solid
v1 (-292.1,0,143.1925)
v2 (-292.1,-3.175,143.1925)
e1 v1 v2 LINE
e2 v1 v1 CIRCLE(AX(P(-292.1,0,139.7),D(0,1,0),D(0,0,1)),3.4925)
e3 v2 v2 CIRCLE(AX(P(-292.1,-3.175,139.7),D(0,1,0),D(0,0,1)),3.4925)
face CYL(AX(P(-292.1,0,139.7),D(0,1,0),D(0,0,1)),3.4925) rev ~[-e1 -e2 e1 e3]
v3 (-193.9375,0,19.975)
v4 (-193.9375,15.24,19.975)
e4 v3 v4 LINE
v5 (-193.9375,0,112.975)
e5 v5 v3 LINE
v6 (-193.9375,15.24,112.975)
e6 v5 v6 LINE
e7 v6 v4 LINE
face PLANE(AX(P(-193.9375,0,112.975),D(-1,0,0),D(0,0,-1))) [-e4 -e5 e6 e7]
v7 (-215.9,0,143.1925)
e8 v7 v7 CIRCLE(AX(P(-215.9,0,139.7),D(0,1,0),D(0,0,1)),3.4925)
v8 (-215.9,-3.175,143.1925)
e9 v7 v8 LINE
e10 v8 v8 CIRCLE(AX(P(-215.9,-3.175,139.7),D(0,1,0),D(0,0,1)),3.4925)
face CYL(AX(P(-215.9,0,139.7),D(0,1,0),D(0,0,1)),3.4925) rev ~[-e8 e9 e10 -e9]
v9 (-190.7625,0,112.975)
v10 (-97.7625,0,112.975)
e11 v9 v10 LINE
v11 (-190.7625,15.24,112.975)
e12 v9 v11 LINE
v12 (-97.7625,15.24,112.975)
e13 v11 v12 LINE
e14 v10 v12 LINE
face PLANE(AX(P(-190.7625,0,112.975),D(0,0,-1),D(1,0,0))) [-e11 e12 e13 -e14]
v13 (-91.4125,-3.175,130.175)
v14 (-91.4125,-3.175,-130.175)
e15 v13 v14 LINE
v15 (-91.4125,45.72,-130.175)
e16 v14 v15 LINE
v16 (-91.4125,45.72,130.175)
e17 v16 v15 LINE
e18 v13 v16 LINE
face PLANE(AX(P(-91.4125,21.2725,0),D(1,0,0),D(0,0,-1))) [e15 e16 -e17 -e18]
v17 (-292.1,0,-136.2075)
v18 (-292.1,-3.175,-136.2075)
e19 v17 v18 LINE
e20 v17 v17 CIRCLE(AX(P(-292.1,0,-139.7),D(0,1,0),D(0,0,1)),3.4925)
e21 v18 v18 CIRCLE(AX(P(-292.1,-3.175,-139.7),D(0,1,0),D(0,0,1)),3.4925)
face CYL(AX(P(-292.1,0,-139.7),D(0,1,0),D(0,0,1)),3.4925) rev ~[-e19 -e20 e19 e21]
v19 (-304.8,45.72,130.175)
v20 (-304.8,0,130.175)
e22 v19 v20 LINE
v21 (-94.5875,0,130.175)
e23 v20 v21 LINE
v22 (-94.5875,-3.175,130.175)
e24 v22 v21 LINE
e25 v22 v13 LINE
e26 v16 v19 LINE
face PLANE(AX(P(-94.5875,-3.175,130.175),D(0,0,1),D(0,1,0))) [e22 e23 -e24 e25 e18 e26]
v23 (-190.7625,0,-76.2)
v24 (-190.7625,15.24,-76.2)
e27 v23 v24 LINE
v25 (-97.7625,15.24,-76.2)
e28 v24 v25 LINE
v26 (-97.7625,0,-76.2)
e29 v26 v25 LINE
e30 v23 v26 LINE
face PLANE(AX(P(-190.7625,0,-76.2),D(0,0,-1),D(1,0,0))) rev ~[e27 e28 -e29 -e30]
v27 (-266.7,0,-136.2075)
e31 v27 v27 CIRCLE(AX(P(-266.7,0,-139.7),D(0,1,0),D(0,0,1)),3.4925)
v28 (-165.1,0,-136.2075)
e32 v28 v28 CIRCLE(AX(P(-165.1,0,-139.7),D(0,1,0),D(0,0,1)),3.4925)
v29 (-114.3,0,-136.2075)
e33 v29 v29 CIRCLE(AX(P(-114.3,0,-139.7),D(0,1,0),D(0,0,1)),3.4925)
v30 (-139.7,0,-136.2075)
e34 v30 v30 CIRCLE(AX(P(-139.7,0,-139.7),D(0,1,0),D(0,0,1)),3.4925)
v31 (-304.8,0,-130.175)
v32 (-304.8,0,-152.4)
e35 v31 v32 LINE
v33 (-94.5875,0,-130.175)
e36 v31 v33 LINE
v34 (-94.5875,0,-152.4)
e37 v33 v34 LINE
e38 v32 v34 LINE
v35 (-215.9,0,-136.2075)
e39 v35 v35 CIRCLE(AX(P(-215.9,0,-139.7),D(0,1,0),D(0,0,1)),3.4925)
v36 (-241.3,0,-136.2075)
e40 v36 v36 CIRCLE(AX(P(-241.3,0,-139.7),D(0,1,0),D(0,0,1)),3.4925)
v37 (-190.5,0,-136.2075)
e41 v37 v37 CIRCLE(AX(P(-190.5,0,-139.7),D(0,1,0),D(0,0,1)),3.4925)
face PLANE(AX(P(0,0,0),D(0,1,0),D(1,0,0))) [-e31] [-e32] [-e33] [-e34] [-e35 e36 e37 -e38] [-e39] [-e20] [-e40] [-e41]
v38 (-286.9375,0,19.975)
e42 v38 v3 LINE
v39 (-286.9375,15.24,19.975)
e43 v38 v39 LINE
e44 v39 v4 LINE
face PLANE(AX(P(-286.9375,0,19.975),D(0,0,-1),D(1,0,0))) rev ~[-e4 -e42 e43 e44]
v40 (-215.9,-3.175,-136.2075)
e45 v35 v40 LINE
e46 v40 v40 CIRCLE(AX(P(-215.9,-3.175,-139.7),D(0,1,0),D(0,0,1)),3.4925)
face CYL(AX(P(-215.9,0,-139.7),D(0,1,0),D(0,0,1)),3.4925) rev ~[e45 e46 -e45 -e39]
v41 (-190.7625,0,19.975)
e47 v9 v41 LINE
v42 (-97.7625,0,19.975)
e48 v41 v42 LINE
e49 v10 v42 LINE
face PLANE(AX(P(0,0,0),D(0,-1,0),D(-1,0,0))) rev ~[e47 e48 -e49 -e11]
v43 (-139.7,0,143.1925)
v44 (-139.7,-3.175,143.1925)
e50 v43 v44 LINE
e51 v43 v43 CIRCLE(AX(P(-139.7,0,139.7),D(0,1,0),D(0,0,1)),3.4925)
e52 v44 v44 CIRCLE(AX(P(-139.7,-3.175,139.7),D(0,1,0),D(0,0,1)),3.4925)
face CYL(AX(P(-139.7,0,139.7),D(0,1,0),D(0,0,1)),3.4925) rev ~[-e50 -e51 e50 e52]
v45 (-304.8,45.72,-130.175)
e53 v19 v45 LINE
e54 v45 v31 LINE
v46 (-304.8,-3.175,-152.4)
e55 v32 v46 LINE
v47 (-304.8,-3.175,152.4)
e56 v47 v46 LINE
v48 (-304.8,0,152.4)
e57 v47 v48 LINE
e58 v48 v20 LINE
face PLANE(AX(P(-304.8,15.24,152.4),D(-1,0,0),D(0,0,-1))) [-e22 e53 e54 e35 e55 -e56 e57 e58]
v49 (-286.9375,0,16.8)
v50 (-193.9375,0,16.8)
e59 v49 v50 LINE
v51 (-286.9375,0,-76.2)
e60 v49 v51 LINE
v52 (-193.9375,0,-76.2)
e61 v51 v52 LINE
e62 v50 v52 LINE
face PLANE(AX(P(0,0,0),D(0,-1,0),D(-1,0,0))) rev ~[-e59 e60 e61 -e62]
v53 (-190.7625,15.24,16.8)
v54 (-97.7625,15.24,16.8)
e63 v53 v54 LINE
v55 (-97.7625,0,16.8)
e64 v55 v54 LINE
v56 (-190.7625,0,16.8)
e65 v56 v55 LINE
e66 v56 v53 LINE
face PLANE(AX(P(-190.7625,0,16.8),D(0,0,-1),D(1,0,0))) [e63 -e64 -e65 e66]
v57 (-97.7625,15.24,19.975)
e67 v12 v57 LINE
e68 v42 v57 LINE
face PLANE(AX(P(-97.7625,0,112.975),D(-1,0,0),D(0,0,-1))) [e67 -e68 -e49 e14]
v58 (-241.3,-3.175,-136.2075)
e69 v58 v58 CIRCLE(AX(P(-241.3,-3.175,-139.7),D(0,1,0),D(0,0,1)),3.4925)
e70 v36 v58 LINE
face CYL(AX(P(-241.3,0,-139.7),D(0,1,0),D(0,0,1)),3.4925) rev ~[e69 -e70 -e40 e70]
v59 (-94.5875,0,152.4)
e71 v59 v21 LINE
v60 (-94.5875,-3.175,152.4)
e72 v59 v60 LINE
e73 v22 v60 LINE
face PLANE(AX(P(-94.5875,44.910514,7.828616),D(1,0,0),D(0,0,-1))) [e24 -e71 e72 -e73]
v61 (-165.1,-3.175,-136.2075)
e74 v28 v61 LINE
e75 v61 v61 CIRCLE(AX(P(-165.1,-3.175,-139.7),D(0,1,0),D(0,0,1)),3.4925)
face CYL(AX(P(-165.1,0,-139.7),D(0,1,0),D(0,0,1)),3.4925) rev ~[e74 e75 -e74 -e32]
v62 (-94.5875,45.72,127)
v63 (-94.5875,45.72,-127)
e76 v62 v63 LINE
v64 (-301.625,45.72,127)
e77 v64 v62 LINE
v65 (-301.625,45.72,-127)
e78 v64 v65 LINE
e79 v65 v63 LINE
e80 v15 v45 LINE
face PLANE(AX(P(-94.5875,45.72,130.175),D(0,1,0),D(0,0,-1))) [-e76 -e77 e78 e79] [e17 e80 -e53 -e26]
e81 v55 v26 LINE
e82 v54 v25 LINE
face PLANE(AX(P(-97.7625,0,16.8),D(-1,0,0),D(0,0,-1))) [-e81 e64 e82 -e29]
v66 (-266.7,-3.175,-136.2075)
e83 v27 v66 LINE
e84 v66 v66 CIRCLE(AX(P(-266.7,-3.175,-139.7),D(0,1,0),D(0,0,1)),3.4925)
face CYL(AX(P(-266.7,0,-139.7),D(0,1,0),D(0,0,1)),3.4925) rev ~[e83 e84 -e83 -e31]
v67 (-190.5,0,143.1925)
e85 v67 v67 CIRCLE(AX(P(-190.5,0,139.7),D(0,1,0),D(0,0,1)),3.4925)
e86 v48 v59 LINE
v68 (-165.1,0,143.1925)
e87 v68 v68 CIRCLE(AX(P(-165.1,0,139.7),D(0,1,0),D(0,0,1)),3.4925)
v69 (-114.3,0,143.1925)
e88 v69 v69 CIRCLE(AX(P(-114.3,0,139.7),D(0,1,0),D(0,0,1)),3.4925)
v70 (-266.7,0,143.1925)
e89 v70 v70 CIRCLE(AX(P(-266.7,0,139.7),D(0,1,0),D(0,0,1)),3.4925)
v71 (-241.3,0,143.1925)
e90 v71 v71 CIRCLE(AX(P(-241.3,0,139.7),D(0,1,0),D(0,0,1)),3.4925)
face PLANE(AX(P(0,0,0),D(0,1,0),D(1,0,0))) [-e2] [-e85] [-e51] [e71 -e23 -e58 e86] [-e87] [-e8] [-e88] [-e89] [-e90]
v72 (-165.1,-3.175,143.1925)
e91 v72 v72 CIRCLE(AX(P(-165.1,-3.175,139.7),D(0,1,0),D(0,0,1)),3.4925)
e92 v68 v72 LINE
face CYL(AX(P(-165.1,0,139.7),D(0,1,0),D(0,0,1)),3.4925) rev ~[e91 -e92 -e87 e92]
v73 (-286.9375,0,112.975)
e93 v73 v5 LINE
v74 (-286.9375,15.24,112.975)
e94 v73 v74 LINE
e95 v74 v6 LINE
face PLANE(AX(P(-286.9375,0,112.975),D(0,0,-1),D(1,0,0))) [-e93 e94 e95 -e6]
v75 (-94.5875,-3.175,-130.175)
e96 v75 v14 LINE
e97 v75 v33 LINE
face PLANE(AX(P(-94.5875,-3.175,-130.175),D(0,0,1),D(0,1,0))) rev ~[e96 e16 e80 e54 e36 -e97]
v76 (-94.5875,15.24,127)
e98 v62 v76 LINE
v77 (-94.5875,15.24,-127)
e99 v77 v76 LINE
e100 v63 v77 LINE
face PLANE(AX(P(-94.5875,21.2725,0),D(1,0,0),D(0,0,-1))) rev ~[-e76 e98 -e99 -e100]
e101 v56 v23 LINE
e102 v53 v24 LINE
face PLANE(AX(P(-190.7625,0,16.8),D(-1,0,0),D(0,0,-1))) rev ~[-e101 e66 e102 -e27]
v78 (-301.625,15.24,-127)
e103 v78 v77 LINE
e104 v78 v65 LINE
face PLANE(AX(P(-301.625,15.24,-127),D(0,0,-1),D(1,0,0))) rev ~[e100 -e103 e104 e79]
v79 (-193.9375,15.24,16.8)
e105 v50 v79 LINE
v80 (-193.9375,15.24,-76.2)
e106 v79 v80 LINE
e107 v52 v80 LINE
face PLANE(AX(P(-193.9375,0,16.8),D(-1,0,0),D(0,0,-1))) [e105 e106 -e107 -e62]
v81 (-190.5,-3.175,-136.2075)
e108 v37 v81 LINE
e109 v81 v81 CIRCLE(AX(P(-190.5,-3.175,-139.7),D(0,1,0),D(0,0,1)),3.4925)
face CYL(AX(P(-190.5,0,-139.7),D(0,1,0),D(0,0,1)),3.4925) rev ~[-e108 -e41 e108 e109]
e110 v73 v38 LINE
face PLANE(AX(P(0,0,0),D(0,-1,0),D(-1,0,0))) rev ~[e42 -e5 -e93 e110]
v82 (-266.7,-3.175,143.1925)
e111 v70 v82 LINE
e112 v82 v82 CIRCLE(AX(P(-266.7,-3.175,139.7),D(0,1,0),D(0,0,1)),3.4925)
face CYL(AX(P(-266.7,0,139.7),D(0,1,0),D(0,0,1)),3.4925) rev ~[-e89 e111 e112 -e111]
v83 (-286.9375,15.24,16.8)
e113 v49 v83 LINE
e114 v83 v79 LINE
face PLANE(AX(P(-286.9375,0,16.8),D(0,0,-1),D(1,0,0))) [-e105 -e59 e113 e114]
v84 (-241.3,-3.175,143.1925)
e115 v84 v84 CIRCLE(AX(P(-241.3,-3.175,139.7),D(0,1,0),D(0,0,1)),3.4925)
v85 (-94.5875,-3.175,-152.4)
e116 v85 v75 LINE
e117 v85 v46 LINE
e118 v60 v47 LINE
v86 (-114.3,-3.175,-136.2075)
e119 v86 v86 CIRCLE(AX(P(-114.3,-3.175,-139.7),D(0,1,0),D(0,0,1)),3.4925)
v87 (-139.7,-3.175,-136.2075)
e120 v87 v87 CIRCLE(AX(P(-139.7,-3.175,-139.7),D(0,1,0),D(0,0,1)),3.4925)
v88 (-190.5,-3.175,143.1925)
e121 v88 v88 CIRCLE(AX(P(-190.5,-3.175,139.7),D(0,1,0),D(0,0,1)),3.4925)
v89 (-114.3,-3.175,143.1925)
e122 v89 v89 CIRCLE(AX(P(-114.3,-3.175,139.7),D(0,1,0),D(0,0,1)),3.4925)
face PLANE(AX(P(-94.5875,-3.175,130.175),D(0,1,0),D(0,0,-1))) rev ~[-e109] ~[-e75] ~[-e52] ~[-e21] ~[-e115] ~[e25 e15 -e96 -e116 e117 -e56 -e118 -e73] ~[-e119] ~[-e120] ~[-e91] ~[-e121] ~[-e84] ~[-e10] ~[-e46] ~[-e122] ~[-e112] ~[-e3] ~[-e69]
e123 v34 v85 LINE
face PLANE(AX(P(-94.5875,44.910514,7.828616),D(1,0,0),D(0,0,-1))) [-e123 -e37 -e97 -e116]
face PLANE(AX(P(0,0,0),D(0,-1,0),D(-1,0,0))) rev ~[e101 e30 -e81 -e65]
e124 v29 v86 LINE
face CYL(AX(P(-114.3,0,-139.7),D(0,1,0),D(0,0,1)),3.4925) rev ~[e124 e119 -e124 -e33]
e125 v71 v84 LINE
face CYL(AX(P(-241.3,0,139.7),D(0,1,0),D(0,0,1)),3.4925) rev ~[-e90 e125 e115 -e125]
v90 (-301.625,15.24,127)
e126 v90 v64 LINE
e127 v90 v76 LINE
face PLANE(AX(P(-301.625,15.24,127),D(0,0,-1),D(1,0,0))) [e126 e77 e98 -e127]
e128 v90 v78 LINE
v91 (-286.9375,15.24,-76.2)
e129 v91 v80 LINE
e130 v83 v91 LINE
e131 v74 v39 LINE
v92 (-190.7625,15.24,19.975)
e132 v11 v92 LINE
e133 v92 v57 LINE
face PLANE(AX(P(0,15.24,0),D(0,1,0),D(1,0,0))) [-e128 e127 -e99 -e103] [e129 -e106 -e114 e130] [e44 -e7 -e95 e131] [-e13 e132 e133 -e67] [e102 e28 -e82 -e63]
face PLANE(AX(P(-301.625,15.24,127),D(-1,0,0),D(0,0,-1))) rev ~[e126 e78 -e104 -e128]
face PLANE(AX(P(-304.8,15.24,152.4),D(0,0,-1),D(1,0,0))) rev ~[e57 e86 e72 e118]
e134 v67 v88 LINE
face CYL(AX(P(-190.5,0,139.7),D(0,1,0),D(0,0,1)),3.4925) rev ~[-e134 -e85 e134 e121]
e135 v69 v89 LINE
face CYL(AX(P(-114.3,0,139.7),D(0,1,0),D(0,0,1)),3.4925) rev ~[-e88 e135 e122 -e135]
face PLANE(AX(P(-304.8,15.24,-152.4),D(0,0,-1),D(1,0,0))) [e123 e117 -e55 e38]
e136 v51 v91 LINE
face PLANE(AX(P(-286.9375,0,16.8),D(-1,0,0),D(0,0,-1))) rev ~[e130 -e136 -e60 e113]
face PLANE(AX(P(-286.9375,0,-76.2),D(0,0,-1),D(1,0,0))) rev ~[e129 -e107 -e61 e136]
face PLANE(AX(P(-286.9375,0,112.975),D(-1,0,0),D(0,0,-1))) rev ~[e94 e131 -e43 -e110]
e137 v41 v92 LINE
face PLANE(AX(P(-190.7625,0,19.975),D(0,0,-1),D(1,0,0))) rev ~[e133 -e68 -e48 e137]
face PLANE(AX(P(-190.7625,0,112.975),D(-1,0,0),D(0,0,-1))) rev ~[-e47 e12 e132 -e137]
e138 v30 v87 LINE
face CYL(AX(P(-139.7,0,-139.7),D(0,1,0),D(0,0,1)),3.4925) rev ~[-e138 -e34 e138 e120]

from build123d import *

# Parameters (mm, degrees)
SKETCH1_W           = 609.6
SKETCH1_H           = 304.8
SKETCH1_W_2         = 93
SKETCH1_H_2         = 93
BOSS_EXTRUDE1_DEPTH = 15.24
SKETCH2_W           = 609.6
SKETCH2_H           = 304.8
BOSS_EXTRUDE2_DEPTH = 3.175
SKETCH3_W           = 609.6
SKETCH3_H           = 304.8
SKETCH3_W_2         = 603.25
SKETCH3_H_2         = 254
BOSS_EXTRUDE3_DEPTH = 30.48
SKETCH4_OUTSIDE_W   = 748.262
SKETCH4_OUTSIDE_H   = 443.462
SKETCH4_OUTSIDE_W_2 = 609.6
SKETCH4_OUTSIDE_H_2 = 260.35
CUT_EXTRUDE1_DEPTH  = 45.72
SKETCH5_R           = 3.4925
CUT_EXTRUDE2_DEPTH  = 344.830071983
SKETCH6_W           = 327.140785269
SKETCH6_H           = 256.091806272
TEMPORARY_CUT_DEPTH = 430.914472374
SKETCH7_W           = 260.35
SKETCH7_H           = 48.895
BOSS_EXTRUDE4_DEPTH = 3.175


with BuildPart() as part:
    # Sketch1 → Boss-Extrude1 (new body)
    with BuildSketch(Plane(origin=(0, 0, 0), x_dir=(1, 0, 0), z_dir=(0, 1, 0))):
        Rectangle(SKETCH1_W, SKETCH1_H)
        with Locations((-48.0875, 29.7)):
            Rectangle(SKETCH1_W_2, SKETCH1_H_2, mode=Mode.SUBTRACT)
        with Locations((-144.2625, 29.7)):
            Rectangle(SKETCH1_W_2, SKETCH1_H_2, mode=Mode.SUBTRACT)
        with Locations((-144.2625, -66.475)):
            Rectangle(SKETCH1_W_2, SKETCH1_H_2, mode=Mode.SUBTRACT)
        with Locations((-48.0875, -66.475)):
            Rectangle(SKETCH1_W_2, SKETCH1_H_2, mode=Mode.SUBTRACT)
        with Locations((-240.4375, 29.7)):
            Rectangle(SKETCH1_W_2, SKETCH1_H_2, mode=Mode.SUBTRACT)
        with Locations((-240.4375, -66.475)):
            Rectangle(SKETCH1_W_2, SKETCH1_H_2, mode=Mode.SUBTRACT)
        with Locations((48.0875, 29.7)):
            Rectangle(SKETCH1_W_2, SKETCH1_H_2, mode=Mode.SUBTRACT)
        with Locations((48.0875, -66.475)):
            Rectangle(SKETCH1_W_2, SKETCH1_H_2, mode=Mode.SUBTRACT)
        with Locations((144.2625, 29.7)):
            Rectangle(SKETCH1_W_2, SKETCH1_H_2, mode=Mode.SUBTRACT)
        with Locations((144.2625, -66.475)):
            Rectangle(SKETCH1_W_2, SKETCH1_H_2, mode=Mode.SUBTRACT)
        with Locations((240.4375, 29.7)):
            Rectangle(SKETCH1_W_2, SKETCH1_H_2, mode=Mode.SUBTRACT)
        with Locations((240.4375, -66.475)):
            Rectangle(SKETCH1_W_2, SKETCH1_H_2, mode=Mode.SUBTRACT)
    extrude(amount=BOSS_EXTRUDE1_DEPTH)

    # Sketch2 → Boss-Extrude2 (add)
    with BuildSketch(Plane(origin=(0, 0, 0), x_dir=(-1, 0, 0), z_dir=(0, -1, 0))):
        Rectangle(SKETCH2_W, SKETCH2_H)
    extrude(amount=BOSS_EXTRUDE2_DEPTH)

    # Sketch3 → Boss-Extrude3 (add)
    with BuildSketch(Plane(origin=(0, 15.24, 0), x_dir=(1, 0, 0), z_dir=(0, 1, 0))):
        Rectangle(SKETCH3_W, SKETCH3_H)
        Rectangle(SKETCH3_W_2, SKETCH3_H_2, mode=Mode.SUBTRACT)
    extrude(amount=BOSS_EXTRUDE3_DEPTH)

    # Sketch4 outside → Cut-Extrude1 (cut)
    with BuildSketch(Plane(origin=(0, 45.72, 0), x_dir=(1, 0, 0), z_dir=(0, 1, 0))):
        Rectangle(SKETCH4_OUTSIDE_W, SKETCH4_OUTSIDE_H)
        Rectangle(SKETCH4_OUTSIDE_W_2, SKETCH4_OUTSIDE_H_2, mode=Mode.SUBTRACT)
    extrude(amount=-CUT_EXTRUDE1_DEPTH, mode=Mode.SUBTRACT)

    # Sketch5 → Cut-Extrude2 (cut, through all)
    with BuildSketch(Plane(origin=(0, 0, 0), x_dir=(1, 0, 0), z_dir=(0, 1, 0))):
        with Locations(Location((-292.1, -139.7, 0), (0, 0, 270))):
            Circle(SKETCH5_R)
        with Locations(Location((-266.7, -139.7, 0), (0, 0, 270))):
            Circle(SKETCH5_R)
        with Locations(Location((-241.3, -139.7, 0), (0, 0, 270))):
            Circle(SKETCH5_R)
        with Locations(Location((-215.9, -139.7, 0), (0, 0, 270))):
            Circle(SKETCH5_R)
        with Locations(Location((-190.5, -139.7, 0), (0, 0, 270))):
            Circle(SKETCH5_R)
        with Locations(Location((-165.1, -139.7, 0), (0, 0, 270))):
            Circle(SKETCH5_R)
        with Locations(Location((-139.7, -139.7, 0), (0, 0, 270))):
            Circle(SKETCH5_R)
        with Locations(Location((-114.3, -139.7, 0), (0, 0, 270))):
            Circle(SKETCH5_R)
        with Locations(Location((-88.9, -139.7, 0), (0, 0, 270))):
            Circle(SKETCH5_R)
        with Locations(Location((-63.5, -139.7, 0), (0, 0, 270))):
            Circle(SKETCH5_R)
        with Locations(Location((-38.1, -139.7, 0), (0, 0, 270))):
            Circle(SKETCH5_R)
        with Locations(Location((-12.7, -139.7, 0), (0, 0, 270))):
            Circle(SKETCH5_R)
        with Locations(Location((12.7, 139.7, 0), (0, 0, 270))):
            Circle(SKETCH5_R)
        with Locations(Location((38.1, 139.7, 0), (0, 0, 270))):
            Circle(SKETCH5_R)
        with Locations(Location((63.5, 139.7, 0), (0, 0, 270))):
            Circle(SKETCH5_R)
        with Locations(Location((88.9, 139.7, 0), (0, 0, 270))):
            Circle(SKETCH5_R)
        with Locations(Location((114.3, 139.7, 0), (0, 0, 270))):
            Circle(SKETCH5_R)
        with Locations(Location((139.7, 139.7, 0), (0, 0, 270))):
            Circle(SKETCH5_R)
        with Locations(Location((165.1, 139.7, 0), (0, 0, 270))):
            Circle(SKETCH5_R)
        with Locations(Location((190.5, 139.7, 0), (0, 0, 270))):
            Circle(SKETCH5_R)
        with Locations(Location((215.9, 139.7, 0), (0, 0, 270))):
            Circle(SKETCH5_R)
        with Locations(Location((241.3, 139.7, 0), (0, 0, 270))):
            Circle(SKETCH5_R)
        with Locations(Location((-292.1, 139.7, 0), (0, 0, 270))):
            Circle(SKETCH5_R)
        with Locations(Location((-266.7, 139.7, 0), (0, 0, 270))):
            Circle(SKETCH5_R)
        with Locations(Location((-241.3, 139.7, 0), (0, 0, 270))):
            Circle(SKETCH5_R)
        with Locations(Location((-215.9, 139.7, 0), (0, 0, 270))):
            Circle(SKETCH5_R)
        with Locations(Location((-190.5, 139.7, 0), (0, 0, 270))):
            Circle(SKETCH5_R)
        with Locations(Location((-165.1, 139.7, 0), (0, 0, 270))):
            Circle(SKETCH5_R)
        with Locations(Location((-139.7, 139.7, 0), (0, 0, 270))):
            Circle(SKETCH5_R)
        with Locations(Location((-114.3, 139.7, 0), (0, 0, 270))):
            Circle(SKETCH5_R)
        with Locations(Location((-88.9, 139.7, 0), (0, 0, 270))):
            Circle(SKETCH5_R)
        with Locations(Location((-63.5, 139.7, 0), (0, 0, 270))):
            Circle(SKETCH5_R)
        with Locations(Location((-38.1, 139.7, 0), (0, 0, 270))):
            Circle(SKETCH5_R)
        with Locations(Location((-12.7, 139.7, 0), (0, 0, 270))):
            Circle(SKETCH5_R)
        with Locations(Location((266.7, 139.7, 0), (0, 0, 270))):
            Circle(SKETCH5_R)
        with Locations(Location((292.1, 139.7, 0), (0, 0, 270))):
            Circle(SKETCH5_R)
        with Locations(Location((12.7, -139.7, 0), (0, 0, 270))):
            Circle(SKETCH5_R)
        with Locations(Location((38.1, -139.7, 0), (0, 0, 270))):
            Circle(SKETCH5_R)
        with Locations(Location((63.5, -139.7, 0), (0, 0, 270))):
            Circle(SKETCH5_R)
        with Locations(Location((88.9, -139.7, 0), (0, 0, 270))):
            Circle(SKETCH5_R)
        with Locations(Location((114.3, -139.7, 0), (0, 0, 270))):
            Circle(SKETCH5_R)
        with Locations(Location((139.7, -139.7, 0), (0, 0, 270))):
            Circle(SKETCH5_R)
        with Locations(Location((165.1, -139.7, 0), (0, 0, 270))):
            Circle(SKETCH5_R)
        with Locations(Location((190.5, -139.7, 0), (0, 0, 270))):
            Circle(SKETCH5_R)
        with Locations(Location((215.9, -139.7, 0), (0, 0, 270))):
            Circle(SKETCH5_R)
        with Locations(Location((241.3, -139.7, 0), (0, 0, 270))):
            Circle(SKETCH5_R)
        with Locations(Location((266.7, -139.7, 0), (0, 0, 270))):
            Circle(SKETCH5_R)
        with Locations(Location((292.1, -139.7, 0), (0, 0, 270))):
            Circle(SKETCH5_R)
    extrude(amount=-CUT_EXTRUDE2_DEPTH, mode=Mode.SUBTRACT)

    # Sketch6 → Temporary_Cut (cut, through all)
    with BuildSketch(Plane(origin=(-94.5875, 0, 0), x_dir=(0, 0, -1), z_dir=(1, 0, 0))):
        with Locations((-7.828616148, 44.910513642)):
            Rectangle(SKETCH6_W, SKETCH6_H)
    extrude(amount=TEMPORARY_CUT_DEPTH, mode=Mode.SUBTRACT)

    # Sketch7 → Boss-Extrude4 (add)
    with BuildSketch(Plane(origin=(-94.5875, 0, 0), x_dir=(0, 0, -1), z_dir=(1, 0, 0))):
        with Locations((0, 21.2725)):
            Rectangle(SKETCH7_W, SKETCH7_H)
    extrude(amount=BOSS_EXTRUDE4_DEPTH)


solid = part.part
